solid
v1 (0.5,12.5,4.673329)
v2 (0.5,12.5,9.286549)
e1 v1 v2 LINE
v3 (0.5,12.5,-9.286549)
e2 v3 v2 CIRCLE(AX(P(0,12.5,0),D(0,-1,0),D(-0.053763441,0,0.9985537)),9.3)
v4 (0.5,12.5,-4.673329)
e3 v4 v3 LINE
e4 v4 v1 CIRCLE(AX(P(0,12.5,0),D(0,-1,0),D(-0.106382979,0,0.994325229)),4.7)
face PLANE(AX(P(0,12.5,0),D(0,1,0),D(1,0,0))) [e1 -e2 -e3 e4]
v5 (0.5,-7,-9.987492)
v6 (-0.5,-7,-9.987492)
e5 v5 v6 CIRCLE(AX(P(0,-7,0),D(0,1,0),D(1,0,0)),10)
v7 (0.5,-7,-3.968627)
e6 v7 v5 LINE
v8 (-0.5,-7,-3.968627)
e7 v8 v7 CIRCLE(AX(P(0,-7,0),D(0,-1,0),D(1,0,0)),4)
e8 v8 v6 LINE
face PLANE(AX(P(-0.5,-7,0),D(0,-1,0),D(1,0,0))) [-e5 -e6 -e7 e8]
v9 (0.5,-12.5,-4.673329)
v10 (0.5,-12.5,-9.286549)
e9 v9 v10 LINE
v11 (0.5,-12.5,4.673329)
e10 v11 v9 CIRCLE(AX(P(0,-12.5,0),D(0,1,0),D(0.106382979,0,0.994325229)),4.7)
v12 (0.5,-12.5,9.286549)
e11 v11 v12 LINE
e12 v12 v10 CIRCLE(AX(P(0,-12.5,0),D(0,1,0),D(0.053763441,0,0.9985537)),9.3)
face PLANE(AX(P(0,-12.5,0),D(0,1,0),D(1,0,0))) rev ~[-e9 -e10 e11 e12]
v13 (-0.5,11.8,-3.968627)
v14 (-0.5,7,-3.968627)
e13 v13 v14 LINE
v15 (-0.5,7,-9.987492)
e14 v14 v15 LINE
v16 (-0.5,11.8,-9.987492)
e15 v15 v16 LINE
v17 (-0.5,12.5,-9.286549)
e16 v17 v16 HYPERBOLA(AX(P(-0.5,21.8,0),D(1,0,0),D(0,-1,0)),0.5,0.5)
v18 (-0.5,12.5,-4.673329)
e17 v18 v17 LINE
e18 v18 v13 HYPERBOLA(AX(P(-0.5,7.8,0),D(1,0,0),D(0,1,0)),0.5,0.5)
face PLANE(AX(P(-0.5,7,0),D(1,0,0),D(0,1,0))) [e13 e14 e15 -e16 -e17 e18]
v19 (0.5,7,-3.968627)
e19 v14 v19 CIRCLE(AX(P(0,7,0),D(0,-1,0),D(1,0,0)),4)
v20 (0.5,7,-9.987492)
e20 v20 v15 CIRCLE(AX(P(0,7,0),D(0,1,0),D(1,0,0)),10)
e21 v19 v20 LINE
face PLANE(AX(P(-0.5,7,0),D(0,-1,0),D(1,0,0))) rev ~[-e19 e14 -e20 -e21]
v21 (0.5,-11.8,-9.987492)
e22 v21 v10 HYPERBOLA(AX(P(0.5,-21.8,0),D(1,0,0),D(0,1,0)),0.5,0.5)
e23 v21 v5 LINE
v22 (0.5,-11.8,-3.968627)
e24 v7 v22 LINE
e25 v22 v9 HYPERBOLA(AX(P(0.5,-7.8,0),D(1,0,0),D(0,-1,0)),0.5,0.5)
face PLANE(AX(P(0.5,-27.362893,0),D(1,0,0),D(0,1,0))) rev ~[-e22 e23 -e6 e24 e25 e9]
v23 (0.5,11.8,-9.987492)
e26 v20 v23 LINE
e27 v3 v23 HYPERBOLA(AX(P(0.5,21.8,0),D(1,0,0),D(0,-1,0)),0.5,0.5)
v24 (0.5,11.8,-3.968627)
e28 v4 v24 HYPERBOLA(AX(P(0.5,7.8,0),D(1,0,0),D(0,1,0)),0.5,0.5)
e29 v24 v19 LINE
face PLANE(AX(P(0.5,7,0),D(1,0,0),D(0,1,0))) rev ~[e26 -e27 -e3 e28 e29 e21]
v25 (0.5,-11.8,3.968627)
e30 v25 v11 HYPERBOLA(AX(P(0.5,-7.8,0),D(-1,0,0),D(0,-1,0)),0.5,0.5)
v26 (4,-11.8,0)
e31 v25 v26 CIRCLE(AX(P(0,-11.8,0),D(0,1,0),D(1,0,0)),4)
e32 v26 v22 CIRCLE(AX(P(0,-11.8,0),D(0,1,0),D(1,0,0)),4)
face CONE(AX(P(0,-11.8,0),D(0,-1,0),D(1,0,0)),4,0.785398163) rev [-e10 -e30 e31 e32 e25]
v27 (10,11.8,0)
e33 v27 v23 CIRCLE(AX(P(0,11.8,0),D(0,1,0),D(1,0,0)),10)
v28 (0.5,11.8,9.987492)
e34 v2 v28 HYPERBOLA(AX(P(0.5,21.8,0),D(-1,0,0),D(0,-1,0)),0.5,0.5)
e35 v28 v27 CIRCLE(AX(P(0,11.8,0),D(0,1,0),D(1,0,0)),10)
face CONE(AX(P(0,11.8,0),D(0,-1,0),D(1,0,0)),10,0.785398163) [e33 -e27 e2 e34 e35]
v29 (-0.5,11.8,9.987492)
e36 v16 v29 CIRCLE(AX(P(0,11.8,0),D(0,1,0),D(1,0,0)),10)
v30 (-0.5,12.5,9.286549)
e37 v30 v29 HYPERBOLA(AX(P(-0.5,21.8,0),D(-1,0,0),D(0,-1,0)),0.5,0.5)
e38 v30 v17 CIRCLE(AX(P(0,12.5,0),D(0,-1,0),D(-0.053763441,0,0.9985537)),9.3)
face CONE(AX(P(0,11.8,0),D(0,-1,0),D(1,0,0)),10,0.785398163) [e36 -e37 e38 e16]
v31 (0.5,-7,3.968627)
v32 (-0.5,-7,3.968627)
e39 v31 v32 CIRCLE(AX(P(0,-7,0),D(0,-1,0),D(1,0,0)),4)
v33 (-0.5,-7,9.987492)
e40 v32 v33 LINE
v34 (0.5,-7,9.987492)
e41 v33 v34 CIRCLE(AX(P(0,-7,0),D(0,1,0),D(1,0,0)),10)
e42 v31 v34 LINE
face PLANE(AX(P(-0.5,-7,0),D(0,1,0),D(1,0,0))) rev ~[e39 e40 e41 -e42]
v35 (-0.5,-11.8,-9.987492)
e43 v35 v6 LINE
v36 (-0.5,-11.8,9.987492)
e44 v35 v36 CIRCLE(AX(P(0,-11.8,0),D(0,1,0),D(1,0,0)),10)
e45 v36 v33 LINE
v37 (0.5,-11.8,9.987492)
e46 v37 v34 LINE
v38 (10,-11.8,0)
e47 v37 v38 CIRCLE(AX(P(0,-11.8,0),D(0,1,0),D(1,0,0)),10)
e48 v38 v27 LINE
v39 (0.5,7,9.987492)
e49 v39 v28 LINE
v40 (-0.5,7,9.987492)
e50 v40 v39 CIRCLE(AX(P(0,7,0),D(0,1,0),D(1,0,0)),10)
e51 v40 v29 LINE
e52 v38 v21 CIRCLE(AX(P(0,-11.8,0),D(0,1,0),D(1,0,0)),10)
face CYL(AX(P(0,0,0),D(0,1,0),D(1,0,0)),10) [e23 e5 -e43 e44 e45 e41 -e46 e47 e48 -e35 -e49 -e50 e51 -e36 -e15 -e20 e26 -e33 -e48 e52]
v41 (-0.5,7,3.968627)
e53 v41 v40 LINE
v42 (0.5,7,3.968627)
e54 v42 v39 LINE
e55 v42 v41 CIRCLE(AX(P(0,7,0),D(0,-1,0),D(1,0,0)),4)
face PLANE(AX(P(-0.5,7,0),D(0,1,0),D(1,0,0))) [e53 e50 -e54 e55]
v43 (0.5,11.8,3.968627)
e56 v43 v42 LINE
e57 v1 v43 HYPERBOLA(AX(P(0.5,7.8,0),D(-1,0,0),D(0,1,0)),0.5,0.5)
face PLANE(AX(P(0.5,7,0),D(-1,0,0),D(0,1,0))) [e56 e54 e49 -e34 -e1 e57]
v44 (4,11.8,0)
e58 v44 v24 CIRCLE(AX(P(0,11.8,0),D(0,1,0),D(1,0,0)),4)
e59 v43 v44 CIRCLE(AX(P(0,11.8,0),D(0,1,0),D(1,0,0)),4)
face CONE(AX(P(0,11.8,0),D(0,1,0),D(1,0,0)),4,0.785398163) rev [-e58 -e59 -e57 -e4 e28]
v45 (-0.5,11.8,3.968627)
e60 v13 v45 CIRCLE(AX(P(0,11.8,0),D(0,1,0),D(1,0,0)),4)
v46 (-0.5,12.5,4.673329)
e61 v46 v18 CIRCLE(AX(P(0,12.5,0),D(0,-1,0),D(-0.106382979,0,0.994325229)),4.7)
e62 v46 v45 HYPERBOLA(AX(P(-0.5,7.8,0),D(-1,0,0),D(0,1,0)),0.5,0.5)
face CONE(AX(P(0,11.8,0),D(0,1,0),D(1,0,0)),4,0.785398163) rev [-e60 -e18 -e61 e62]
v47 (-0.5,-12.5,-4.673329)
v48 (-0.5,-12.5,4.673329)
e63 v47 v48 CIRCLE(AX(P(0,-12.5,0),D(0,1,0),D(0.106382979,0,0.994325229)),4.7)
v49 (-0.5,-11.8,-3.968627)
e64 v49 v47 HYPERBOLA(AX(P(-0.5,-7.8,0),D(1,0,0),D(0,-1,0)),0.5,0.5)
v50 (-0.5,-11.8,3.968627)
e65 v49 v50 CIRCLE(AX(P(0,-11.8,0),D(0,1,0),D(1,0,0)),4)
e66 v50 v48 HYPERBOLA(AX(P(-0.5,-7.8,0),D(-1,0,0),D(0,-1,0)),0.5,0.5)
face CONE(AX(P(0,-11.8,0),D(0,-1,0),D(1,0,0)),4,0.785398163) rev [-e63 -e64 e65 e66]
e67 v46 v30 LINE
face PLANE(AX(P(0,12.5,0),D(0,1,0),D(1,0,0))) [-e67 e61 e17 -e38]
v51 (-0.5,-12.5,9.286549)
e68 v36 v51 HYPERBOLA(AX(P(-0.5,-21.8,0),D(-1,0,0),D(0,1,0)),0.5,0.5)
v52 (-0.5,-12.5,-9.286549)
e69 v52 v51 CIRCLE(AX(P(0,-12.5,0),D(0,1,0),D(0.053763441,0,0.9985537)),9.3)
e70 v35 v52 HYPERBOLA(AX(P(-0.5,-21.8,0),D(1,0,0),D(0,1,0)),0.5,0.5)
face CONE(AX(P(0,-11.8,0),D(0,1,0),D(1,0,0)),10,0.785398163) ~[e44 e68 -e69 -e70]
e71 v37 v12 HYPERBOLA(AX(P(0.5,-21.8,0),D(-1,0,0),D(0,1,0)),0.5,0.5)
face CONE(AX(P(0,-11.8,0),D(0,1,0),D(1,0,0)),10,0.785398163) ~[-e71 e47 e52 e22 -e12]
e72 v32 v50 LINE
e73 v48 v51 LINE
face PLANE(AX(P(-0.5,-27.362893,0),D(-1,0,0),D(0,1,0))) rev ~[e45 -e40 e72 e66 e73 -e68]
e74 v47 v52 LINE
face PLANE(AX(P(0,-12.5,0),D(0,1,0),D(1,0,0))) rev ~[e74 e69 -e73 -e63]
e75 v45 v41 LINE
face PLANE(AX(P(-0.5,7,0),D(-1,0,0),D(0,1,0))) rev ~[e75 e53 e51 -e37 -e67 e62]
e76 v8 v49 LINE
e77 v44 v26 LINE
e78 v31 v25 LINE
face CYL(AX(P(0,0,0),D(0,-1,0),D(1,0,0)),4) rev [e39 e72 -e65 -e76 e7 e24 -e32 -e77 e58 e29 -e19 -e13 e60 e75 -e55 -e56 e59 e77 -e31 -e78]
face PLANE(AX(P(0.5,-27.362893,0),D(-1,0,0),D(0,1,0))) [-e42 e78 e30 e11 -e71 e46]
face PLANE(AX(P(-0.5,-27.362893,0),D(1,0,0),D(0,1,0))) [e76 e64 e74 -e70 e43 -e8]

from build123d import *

# Parameters (mm, degrees)
SKETCH1_R               = 10
SKETCH1_R_2             = 4
BOSS_EXTRUDE1_DEPTH     = 12.5
CHAMFER1_SIZE           = 0.7
SKETCH2_W               = 1
SKETCH2_H               = 20.36289329
CUT_EXTRUDE1_DEPTH      = 40
CUT_EXTRUDE1_DEPTH_BACK = 36


with BuildPart() as part:
    # Sketch1 → Boss-Extrude1 (new body, symmetric)
    with BuildSketch(Plane(origin=(0, 0, 0), x_dir=(1, 0, 0), z_dir=(0, 1, 0))):
        Circle(SKETCH1_R)
        Circle(SKETCH1_R_2, mode=Mode.SUBTRACT)
    extrude(amount=BOSS_EXTRUDE1_DEPTH, both=True)

    # Chamfer1
    chamfer1_edges = [part.edges().sort_by_distance(p)[0] for p in [
        (-10, -12.5, 0),
        (-10, 12.5, 0),
        (-4, -12.5, 0),
        (-4, 12.5, 0),
    ]]
    chamfer(chamfer1_edges, length=CHAMFER1_SIZE)

    # Sketch2 → Cut-Extrude1 (cut, two sides)
    with BuildSketch(Plane.XY) as cut_extrude1_sk:
        with Locations((0, 17.181446645)):
            Rectangle(SKETCH2_W, SKETCH2_H)
        with Locations((0, -17.181446645)):
            Rectangle(SKETCH2_W, SKETCH2_H)
    extrude(amount=CUT_EXTRUDE1_DEPTH, mode=Mode.SUBTRACT)
    extrude(cut_extrude1_sk.sketch, amount=-CUT_EXTRUDE1_DEPTH_BACK, mode=Mode.SUBTRACT)


solid = part.part
